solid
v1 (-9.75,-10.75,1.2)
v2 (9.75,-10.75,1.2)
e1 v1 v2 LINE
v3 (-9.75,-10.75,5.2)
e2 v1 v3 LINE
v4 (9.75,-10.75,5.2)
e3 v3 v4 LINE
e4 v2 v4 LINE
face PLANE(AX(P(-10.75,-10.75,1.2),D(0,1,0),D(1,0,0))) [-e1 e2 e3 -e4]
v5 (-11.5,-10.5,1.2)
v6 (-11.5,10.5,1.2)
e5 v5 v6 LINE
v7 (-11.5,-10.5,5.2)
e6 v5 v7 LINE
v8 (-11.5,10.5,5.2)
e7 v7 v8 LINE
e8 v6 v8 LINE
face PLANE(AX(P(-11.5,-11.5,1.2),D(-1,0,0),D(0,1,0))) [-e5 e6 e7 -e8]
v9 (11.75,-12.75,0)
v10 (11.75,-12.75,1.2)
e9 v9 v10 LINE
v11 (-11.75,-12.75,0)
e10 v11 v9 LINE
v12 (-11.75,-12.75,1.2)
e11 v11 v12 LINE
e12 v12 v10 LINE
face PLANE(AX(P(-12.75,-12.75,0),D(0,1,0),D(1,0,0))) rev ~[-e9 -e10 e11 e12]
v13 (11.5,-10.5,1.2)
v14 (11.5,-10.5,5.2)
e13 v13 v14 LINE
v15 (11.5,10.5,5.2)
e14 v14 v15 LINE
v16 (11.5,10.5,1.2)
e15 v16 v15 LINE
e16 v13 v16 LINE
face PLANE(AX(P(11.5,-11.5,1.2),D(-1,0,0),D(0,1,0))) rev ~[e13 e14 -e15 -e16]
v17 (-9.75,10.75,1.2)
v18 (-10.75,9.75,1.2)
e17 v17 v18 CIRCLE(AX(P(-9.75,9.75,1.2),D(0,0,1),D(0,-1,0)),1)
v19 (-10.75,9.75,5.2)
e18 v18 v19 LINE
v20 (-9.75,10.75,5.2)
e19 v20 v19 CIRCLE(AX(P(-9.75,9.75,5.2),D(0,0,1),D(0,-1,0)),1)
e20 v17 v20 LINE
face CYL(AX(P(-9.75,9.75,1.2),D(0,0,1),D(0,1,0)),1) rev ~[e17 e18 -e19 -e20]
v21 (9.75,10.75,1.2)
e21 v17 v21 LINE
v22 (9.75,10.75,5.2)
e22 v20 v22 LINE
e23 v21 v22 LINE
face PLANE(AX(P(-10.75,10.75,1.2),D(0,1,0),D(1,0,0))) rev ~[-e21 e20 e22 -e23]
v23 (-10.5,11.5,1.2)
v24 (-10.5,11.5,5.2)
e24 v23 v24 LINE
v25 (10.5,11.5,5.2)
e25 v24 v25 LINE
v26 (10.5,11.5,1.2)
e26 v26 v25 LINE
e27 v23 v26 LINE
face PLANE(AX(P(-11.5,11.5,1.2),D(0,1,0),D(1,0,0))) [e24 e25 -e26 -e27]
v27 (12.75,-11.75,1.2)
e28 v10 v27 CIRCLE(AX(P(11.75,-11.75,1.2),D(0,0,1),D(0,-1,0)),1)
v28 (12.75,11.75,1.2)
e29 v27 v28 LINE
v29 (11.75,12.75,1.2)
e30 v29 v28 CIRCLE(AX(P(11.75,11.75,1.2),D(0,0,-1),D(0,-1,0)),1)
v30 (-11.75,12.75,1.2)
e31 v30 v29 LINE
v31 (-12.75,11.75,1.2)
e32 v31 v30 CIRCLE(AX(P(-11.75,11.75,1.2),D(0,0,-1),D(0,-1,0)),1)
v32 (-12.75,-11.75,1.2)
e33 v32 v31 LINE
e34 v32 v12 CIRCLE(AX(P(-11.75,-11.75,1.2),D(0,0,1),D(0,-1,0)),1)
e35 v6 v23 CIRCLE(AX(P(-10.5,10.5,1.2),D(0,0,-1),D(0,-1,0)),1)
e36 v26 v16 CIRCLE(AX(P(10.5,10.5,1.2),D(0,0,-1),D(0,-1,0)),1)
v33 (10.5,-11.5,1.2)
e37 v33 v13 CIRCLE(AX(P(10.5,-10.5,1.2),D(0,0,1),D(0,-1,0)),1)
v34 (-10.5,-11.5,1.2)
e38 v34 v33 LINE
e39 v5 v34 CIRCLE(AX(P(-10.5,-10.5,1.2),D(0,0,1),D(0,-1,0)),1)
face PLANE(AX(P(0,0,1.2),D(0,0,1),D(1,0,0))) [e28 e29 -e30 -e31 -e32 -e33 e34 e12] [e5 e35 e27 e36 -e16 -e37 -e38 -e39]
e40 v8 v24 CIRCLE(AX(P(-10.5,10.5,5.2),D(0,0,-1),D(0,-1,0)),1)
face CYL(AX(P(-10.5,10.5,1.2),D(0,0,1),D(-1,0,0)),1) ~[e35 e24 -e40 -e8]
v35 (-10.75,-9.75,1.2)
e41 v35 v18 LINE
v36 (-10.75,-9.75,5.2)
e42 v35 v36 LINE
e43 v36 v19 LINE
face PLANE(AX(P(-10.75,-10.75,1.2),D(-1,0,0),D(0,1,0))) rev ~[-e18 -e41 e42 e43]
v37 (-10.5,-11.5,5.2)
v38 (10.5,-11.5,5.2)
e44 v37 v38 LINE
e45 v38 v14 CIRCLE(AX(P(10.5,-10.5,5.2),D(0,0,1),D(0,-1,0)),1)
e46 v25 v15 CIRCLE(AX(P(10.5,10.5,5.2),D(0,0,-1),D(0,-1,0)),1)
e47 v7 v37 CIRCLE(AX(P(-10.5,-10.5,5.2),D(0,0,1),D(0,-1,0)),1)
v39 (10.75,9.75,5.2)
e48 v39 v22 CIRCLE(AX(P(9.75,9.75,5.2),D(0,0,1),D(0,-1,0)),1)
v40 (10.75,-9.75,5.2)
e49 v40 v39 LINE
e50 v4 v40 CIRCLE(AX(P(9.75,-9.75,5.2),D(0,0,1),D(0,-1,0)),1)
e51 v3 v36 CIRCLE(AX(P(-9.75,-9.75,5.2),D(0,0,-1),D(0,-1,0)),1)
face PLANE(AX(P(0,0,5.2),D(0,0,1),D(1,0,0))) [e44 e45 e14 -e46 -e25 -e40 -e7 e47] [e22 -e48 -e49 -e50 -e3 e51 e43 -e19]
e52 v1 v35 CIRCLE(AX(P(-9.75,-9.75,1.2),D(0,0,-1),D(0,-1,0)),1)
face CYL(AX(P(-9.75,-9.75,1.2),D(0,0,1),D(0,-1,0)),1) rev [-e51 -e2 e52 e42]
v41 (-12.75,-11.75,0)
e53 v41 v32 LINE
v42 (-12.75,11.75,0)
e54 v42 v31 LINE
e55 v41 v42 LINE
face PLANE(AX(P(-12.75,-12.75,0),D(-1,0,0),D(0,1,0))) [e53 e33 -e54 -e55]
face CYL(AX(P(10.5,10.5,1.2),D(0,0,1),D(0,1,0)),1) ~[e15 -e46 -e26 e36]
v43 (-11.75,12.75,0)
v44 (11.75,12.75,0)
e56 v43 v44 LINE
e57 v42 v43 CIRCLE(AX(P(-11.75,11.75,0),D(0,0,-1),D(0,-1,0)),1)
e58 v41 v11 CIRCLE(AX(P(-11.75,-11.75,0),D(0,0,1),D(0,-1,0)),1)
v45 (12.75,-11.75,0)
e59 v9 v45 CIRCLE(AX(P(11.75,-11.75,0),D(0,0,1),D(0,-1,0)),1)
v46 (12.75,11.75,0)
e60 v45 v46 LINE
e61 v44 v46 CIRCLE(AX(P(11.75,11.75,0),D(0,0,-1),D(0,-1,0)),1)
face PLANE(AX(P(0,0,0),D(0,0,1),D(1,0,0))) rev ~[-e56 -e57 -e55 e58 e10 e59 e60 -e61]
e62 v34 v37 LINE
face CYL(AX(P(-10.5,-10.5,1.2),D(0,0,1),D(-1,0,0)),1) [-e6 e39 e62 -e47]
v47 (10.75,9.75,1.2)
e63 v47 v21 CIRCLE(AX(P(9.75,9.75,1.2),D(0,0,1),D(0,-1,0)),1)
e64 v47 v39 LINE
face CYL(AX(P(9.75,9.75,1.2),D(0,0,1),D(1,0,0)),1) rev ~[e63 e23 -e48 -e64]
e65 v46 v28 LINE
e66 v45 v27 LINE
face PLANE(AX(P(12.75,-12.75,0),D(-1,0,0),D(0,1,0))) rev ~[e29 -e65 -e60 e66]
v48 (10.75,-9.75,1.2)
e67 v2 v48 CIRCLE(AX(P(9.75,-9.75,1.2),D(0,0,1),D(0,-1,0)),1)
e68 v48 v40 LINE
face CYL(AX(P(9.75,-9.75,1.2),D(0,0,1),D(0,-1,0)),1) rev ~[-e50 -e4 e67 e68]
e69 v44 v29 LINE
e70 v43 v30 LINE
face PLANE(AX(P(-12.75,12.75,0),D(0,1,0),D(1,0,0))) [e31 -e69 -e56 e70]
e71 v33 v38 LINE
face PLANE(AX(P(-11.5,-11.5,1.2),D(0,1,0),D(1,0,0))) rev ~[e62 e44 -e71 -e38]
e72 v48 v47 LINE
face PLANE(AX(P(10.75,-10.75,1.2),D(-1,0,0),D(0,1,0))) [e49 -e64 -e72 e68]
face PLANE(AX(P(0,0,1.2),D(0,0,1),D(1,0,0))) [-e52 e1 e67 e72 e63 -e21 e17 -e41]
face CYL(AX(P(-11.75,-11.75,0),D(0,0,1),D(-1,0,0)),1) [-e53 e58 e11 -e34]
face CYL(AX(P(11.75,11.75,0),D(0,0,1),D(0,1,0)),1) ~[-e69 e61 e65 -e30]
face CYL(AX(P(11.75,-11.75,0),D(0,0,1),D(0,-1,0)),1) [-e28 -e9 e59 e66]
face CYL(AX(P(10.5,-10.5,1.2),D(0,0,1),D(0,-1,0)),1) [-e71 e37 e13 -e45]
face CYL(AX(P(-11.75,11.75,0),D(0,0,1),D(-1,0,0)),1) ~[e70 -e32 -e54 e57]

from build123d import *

# Parameters (mm, degrees)
F0_W     = 25.5
F0_H     = 25.5
F1_DEPTH = 1.2
F2_W     = 23
F2_H     = 23
F2_W_2   = 21.5
F2_H_2   = 21.5
F3_DEPTH = 4
F4_R     = 1
F5_R     = 1


with BuildPart() as f1:
    # F0 (on Top) → F1 (new body)
    with BuildSketch(Plane.XY):
        Rectangle(F0_W, F0_H)
    extrude(amount=F1_DEPTH)

    # F2 (on face) → F3 (join)
    with BuildSketch(Plane.XY.offset(1.2)):
        Rectangle(F2_W, F2_H)
        Rectangle(F2_W_2, F2_H_2, mode=Mode.SUBTRACT)
    extrude(amount=F3_DEPTH)

    # F4
    f4_edges = [f1.edges().sort_by_distance(p)[0] for p in [
        (-10.75, 10.75, 3.2),
        (10.75, 10.75, 3.2),
        (10.75, -10.75, 3.2),
        (-10.75, -10.75, 3.2),
    ]]
    fillet(f4_edges, radius=F4_R)

    # F5
    f5_edges = [f1.edges().sort_by_distance(p)[0] for p in [
        (11.5, 11.5, 3.2),
        (11.5, -11.5, 3.2),
        (-11.5, 11.5, 3.2),
        (-11.5, -11.5, 3.2),
        (-12.75, 12.75, 0.6),
        (12.75, 12.75, 0.6),
        (12.75, -12.75, 0.6),
        (-12.75, -12.75, 0.6),
    ]]
    fillet(f5_edges, radius=F5_R)


solid = f1.part
